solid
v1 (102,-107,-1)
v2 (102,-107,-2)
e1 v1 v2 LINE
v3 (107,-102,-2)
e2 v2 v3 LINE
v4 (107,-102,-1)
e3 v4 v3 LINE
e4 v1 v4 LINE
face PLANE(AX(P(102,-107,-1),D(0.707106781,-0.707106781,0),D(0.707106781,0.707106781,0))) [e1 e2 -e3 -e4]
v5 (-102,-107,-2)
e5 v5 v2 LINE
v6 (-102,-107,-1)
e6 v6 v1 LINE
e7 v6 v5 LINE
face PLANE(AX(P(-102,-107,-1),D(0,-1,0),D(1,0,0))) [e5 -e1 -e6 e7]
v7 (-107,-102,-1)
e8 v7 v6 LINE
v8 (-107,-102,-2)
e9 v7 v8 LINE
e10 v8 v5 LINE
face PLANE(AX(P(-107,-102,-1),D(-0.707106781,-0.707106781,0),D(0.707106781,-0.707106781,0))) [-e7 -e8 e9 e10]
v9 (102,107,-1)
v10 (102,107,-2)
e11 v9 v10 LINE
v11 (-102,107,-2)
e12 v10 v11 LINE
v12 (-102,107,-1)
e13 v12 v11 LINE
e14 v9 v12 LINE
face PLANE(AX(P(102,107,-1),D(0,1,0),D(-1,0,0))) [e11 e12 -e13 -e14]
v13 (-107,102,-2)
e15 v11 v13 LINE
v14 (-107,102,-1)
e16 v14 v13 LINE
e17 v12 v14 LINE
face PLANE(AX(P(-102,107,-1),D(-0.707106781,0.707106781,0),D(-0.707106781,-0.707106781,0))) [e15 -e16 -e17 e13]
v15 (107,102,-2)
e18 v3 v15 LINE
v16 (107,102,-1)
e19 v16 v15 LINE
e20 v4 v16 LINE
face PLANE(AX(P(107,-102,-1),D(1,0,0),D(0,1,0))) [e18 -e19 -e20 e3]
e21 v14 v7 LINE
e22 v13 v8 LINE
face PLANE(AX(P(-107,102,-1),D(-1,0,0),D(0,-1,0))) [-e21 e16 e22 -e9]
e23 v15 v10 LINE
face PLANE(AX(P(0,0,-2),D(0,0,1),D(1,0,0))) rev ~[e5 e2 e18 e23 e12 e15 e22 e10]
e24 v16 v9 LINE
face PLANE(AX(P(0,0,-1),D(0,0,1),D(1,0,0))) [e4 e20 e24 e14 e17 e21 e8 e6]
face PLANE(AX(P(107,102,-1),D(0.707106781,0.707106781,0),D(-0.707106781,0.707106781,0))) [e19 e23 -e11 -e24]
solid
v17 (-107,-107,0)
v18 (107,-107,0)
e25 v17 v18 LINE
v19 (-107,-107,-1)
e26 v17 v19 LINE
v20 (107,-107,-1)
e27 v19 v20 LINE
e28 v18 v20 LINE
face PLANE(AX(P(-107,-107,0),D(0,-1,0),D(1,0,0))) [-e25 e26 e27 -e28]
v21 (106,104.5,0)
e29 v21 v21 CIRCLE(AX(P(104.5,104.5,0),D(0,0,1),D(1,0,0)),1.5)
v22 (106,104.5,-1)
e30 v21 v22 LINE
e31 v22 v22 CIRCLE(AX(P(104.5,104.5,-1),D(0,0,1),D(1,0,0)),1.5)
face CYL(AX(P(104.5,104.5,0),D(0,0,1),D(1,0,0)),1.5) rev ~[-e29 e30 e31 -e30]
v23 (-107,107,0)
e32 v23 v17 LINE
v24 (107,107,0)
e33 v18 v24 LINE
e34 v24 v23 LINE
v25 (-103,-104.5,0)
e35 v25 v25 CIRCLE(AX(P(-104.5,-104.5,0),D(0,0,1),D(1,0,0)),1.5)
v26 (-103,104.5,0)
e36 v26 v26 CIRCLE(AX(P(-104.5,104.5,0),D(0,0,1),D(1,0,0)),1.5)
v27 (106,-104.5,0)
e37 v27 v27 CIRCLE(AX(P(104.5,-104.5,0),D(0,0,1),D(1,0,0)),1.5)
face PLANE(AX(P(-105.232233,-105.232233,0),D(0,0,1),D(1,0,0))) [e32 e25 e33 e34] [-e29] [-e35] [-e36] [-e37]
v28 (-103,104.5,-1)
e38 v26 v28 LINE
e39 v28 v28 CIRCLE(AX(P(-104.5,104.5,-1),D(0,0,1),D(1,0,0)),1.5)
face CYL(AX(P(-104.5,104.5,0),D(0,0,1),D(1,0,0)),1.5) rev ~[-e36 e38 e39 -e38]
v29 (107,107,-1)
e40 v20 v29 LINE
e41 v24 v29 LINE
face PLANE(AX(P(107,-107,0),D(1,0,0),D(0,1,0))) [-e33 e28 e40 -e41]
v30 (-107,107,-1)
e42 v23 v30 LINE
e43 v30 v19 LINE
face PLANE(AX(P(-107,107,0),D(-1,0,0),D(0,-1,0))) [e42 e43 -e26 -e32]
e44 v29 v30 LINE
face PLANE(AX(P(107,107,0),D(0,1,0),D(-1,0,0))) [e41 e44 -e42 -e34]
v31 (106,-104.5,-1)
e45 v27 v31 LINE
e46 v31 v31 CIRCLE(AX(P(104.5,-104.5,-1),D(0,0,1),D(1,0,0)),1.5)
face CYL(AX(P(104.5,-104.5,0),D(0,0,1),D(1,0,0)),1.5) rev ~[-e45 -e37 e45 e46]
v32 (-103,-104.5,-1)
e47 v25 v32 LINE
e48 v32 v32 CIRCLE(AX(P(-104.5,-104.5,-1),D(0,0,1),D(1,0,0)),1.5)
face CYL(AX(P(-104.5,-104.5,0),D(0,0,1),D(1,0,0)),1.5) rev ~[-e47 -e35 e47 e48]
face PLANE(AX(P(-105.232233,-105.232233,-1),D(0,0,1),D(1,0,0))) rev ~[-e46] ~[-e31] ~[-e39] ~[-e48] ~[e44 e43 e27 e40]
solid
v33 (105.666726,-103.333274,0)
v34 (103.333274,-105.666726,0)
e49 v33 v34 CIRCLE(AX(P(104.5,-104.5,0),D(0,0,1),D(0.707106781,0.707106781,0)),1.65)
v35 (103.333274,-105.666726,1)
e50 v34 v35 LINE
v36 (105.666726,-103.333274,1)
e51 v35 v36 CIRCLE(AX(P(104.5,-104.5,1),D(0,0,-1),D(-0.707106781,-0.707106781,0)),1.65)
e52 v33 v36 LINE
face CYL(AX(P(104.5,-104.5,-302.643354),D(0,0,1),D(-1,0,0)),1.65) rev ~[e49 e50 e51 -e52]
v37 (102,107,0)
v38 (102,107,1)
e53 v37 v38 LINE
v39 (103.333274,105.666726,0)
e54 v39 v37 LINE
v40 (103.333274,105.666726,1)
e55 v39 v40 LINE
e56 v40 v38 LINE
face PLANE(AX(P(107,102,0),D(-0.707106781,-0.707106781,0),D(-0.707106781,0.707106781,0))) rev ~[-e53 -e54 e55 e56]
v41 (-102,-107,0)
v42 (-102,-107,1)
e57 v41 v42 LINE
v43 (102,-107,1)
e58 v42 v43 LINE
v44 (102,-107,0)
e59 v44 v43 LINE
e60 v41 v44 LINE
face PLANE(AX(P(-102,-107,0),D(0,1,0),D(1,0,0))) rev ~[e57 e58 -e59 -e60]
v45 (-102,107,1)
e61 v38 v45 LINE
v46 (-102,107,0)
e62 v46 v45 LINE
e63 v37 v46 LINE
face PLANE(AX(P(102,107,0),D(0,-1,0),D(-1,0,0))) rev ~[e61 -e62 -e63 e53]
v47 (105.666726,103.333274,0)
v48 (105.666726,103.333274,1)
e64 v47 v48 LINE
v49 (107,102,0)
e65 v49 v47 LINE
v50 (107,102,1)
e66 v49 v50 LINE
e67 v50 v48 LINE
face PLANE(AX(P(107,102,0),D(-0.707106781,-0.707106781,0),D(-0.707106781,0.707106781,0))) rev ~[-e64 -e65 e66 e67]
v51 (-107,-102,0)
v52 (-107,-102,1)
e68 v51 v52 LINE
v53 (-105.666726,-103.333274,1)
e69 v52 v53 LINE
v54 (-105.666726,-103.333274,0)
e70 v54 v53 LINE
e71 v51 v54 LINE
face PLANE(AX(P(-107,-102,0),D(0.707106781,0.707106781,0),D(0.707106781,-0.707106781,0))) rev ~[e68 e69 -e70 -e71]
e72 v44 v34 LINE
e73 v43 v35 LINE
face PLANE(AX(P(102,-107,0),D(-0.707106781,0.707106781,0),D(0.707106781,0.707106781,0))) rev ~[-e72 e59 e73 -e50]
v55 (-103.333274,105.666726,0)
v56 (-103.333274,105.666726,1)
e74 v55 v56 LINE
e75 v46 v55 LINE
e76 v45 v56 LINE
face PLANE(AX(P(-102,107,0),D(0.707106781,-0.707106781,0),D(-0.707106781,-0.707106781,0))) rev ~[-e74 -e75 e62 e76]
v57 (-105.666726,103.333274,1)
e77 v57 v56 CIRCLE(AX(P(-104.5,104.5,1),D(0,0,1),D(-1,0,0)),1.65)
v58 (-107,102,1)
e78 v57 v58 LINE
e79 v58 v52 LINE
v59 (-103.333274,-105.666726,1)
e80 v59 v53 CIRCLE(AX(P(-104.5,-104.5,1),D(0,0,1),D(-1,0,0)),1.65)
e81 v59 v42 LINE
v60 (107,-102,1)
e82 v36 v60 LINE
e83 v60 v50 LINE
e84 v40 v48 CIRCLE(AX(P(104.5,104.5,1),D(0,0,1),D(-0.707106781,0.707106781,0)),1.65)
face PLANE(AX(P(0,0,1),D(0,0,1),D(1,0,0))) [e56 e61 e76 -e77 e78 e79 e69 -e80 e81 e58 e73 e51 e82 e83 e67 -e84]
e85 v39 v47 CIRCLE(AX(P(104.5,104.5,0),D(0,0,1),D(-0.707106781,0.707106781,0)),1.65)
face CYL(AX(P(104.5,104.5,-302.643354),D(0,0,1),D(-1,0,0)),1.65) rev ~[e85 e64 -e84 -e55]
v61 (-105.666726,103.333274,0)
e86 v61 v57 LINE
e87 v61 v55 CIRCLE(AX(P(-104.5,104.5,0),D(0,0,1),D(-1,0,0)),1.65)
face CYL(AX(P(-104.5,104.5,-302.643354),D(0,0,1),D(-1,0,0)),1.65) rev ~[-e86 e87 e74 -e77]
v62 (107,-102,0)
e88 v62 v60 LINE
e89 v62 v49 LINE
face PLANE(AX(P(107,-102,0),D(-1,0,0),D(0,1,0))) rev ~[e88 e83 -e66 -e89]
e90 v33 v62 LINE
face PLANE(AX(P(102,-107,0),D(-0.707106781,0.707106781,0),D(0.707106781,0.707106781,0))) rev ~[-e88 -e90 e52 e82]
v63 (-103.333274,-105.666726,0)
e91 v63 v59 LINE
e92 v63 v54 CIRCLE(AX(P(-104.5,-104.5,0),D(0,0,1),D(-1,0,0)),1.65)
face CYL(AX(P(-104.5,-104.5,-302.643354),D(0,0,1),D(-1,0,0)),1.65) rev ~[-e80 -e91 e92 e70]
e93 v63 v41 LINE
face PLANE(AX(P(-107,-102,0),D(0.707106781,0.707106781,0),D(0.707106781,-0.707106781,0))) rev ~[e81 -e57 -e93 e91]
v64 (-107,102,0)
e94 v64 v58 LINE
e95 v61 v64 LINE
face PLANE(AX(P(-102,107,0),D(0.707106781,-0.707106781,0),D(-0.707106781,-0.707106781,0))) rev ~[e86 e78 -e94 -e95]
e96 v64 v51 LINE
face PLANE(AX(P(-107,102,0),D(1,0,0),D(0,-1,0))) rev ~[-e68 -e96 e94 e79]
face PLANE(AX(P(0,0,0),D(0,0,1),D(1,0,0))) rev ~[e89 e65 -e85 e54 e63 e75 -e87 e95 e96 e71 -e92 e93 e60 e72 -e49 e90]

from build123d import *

# Parameters (mm, degrees)
F1_DEPTH = 1
F2_DEPTH = 1
F3_D     = 3
F3_DEPTH = 1.001
F4_START = -1
F4_DEPTH = 1
F6_D     = 3.3


with BuildPart() as f1:
    # F0 (on Top) → F1 (new body)
    with BuildSketch(Plane.XY):
        Polygon((107, 102), (102, 107), (-102, 107), (-107, 102), (-107, -102), (-102, -107), (102, -107), (107, -102), align=None)
    extrude(amount=F1_DEPTH)

    # F6 (through all)
    with Locations(Plane(origin=(0, 0, 0), x_dir=(1, 0, 0), z_dir=(0, 0, -1))):
        with Locations((-104.5, 104.5), (-104.5, -104.5), (104.5, -104.5), (104.5, 104.5)):
            Hole(F6_D / 2)


with BuildPart() as f2:
    # F0 (on Top) → F2 (new body)
    with BuildSketch(Plane.XY):
        Polygon((-102, -107), (-107, -102), (-107, -107), align=None)
        Polygon((107, 102), (102, 107), (-102, 107), (-107, 102), (-107, -102), (-102, -107), (102, -107), (107, -102), align=None)
        Polygon((107, -107), (107, -102), (102, -107), align=None)
        Polygon((107, 102), (107, 107), (102, 107), align=None)
        Polygon((-107, 102), (-102, 107), (-107, 107), align=None)
    extrude(amount=-F2_DEPTH)

    # F3 (through all, one way)
    with BuildSketch(Plane.XY):
        with Locations((-104.5, 104.5), (-104.5, -104.5), (104.5, -104.5), (104.5, 104.5)):
            Circle(F3_D / 2)
    extrude(amount=-F3_DEPTH, mode=Mode.SUBTRACT)


with BuildPart() as f4:
    # F0 (on Top) → F4 (new body)
    with BuildSketch(Plane.XY.offset(F4_START)):
        Polygon((107, 102), (102, 107), (-102, 107), (-107, 102), (-107, -102), (-102, -107), (102, -107), (107, -102), align=None)
    extrude(amount=-F4_DEPTH)


solid = Compound([f1.part, f2.part, f4.part])
